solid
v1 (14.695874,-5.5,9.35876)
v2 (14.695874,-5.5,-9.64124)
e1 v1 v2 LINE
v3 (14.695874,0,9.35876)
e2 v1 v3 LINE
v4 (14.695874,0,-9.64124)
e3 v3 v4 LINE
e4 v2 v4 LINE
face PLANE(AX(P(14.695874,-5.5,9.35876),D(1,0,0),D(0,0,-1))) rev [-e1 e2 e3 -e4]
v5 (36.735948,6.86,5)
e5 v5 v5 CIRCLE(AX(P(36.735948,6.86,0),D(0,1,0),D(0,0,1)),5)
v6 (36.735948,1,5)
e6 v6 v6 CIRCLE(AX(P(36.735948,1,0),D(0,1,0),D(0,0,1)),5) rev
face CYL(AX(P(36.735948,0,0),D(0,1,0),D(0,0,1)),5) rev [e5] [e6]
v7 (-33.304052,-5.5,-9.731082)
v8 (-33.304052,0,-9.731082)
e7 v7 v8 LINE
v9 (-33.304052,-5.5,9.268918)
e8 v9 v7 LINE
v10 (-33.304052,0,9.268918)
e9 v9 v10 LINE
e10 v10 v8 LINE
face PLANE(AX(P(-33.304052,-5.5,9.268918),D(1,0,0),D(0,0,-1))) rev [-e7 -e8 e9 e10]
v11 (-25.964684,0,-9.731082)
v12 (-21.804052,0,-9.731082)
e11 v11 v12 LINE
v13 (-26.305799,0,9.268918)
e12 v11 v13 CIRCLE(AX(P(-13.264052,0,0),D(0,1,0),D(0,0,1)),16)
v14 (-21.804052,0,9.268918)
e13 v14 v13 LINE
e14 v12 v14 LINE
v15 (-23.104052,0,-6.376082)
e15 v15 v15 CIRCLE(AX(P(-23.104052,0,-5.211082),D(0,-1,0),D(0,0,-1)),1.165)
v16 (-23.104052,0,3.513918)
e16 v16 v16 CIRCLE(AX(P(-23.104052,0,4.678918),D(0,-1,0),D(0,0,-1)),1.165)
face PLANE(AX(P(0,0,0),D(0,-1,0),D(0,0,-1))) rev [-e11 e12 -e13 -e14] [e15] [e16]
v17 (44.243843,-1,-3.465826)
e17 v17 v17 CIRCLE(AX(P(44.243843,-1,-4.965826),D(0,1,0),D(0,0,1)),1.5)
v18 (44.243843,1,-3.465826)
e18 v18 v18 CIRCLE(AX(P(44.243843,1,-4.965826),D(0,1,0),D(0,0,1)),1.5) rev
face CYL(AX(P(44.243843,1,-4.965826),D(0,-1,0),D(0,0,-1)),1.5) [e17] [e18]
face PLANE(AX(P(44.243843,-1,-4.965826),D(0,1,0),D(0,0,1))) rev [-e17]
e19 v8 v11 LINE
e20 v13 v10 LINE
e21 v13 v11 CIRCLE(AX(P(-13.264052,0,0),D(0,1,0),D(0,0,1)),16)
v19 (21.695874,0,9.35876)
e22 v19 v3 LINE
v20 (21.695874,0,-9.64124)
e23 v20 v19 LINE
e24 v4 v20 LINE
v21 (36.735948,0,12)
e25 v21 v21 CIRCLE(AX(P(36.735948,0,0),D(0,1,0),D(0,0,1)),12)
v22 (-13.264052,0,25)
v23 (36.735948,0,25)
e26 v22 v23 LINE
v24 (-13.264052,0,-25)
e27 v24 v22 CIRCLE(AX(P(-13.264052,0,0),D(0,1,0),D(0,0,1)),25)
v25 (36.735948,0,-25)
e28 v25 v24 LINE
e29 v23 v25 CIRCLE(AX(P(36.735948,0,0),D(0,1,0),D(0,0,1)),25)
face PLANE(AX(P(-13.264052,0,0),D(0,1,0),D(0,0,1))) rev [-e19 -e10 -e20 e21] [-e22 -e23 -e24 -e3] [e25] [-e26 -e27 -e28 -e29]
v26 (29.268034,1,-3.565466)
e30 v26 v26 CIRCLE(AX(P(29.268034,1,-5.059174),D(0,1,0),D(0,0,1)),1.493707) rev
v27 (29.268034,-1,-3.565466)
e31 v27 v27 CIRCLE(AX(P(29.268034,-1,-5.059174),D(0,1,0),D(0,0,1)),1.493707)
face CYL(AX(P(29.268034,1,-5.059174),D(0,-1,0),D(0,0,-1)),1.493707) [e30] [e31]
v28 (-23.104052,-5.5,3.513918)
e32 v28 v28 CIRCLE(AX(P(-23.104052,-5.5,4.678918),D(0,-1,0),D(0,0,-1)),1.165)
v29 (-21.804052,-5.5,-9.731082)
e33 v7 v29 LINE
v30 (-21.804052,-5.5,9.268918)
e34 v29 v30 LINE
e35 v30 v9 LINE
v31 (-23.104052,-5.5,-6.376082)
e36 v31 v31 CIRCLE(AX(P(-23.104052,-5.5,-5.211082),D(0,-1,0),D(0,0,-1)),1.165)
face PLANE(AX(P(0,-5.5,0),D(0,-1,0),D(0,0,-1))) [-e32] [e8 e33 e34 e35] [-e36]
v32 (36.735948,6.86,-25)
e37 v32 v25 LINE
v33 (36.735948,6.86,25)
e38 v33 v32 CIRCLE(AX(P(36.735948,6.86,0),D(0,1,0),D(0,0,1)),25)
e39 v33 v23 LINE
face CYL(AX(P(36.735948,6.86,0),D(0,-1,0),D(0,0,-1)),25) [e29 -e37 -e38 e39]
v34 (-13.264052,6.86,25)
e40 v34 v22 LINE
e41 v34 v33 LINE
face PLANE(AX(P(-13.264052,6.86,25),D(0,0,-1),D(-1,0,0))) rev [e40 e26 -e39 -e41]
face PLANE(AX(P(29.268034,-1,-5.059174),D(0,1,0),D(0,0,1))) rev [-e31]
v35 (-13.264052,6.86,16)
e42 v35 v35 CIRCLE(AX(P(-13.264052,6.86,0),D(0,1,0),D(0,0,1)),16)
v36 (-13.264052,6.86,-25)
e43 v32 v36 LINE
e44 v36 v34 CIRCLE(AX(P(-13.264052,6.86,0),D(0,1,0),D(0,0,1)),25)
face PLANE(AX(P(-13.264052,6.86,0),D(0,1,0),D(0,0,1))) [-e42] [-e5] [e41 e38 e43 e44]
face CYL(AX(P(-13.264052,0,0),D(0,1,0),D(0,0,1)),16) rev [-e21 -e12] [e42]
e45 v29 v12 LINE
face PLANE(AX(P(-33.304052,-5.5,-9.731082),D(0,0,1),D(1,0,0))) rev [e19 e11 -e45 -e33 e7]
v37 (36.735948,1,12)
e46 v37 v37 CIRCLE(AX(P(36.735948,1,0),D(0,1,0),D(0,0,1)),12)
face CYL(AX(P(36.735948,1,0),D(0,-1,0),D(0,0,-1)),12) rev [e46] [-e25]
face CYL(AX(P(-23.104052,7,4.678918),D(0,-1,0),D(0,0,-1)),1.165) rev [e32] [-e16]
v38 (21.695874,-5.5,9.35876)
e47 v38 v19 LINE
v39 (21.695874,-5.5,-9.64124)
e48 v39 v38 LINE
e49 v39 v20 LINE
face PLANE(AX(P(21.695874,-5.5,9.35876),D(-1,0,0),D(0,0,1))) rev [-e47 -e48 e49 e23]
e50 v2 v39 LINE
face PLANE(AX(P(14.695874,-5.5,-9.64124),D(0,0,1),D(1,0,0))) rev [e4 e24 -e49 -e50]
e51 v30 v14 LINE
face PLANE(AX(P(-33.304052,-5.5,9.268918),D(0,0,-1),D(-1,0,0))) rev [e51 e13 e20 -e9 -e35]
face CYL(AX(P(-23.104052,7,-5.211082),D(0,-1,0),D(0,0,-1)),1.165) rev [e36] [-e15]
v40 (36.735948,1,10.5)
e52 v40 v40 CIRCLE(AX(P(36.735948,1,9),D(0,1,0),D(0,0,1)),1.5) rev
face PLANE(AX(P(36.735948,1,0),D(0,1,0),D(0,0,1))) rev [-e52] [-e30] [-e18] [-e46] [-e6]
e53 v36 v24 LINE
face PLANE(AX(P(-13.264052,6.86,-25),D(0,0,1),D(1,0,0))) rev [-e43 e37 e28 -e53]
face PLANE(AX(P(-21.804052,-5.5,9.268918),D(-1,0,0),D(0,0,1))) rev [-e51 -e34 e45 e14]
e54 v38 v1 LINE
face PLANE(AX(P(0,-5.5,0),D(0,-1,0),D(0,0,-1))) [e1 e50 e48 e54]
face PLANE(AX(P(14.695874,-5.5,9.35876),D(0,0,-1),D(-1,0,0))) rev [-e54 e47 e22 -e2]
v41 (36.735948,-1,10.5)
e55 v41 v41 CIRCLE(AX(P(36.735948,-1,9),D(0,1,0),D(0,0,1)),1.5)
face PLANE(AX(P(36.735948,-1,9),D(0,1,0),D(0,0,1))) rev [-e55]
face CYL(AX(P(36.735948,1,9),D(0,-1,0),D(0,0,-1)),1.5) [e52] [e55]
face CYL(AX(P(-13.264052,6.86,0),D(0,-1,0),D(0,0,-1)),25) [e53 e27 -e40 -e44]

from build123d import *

# Parameters (mm, degrees)
BOSS_EXTRUDE1_DEPTH      = 6.86
SKETCH2_R                = 5
SKETCH2_R_2              = 16
CUT_EXTRUDE1_DEPTH       = 6.86
SKETCH3_W                = 11.5
SKETCH3_H                = 19
SKETCH3_W_2              = 7
BOSS_EXTRUDE2_DEPTH      = 5.5
SKETCH4_R                = 1.165
CUT_EXTRUDE2_DEPTH       = 12.5
SKETCH6_R                = 12
CUT_EXTRUDE3_DEPTH       = 1
SKETCH7_R                = 1.5
SKETCH7_R_2              = 1.493707415
BOSS_EXTRUDE5_DEPTH      = 1
BOSS_EXTRUDE5_DEPTH_BACK = 1


with BuildPart() as part:
    # Sketch1 → Boss-Extrude1 (new body)
    with BuildSketch(Plane(origin=(0, 0, 0), x_dir=(1, 0, 0), z_dir=(0, 1, 0))):
        with BuildLine():
            Line((-13.264052164, 25), (36.735947836, 25))
            ThreePointArc((36.735947836, 25), (61.735947836, 0), (36.735947836, -25))
            Line((36.735947836, -25), (-13.264052164, -25))
            ThreePointArc((-13.264052164, -25), (-38.264052164, 0), (-13.264052164, 25))
        make_face()
    extrude(amount=BOSS_EXTRUDE1_DEPTH)

    # Sketch2 → Cut-Extrude1 (cut)
    with BuildSketch(Plane(origin=(0, 6.86, 0), x_dir=(1, 0, 0), z_dir=(0, 1, 0))):
        with Locations((36.735947836, 0)):
            Circle(SKETCH2_R)
        with Locations((-13.264052164, 0)):
            Circle(SKETCH2_R_2)
    extrude(amount=-CUT_EXTRUDE1_DEPTH, mode=Mode.SUBTRACT)

    # Sketch3 → Boss-Extrude2 (add)
    with BuildSketch(Plane.XZ):
        with Locations((-27.554052164, -0.231081814)):
            Rectangle(SKETCH3_W, SKETCH3_H)
        with Locations((18.195874459, -0.141240273)):
            Rectangle(SKETCH3_W_2, SKETCH3_H)
    extrude(amount=BOSS_EXTRUDE2_DEPTH)

    # Sketch4 → Cut-Extrude2 (cut)
    with BuildSketch(Plane.XZ.offset(5.5)):
        with Locations((-23.104052164, 4.678918186)):
            Circle(SKETCH4_R)
        with Locations((-23.104052164, -5.211081814)):
            Circle(SKETCH4_R)
    extrude(amount=-CUT_EXTRUDE2_DEPTH, mode=Mode.SUBTRACT)

    # Sketch6 → Cut-Extrude3 (cut)
    with BuildSketch(Plane(origin=(0, 0, 0), x_dir=(1, 0, 0), z_dir=(0, 1, 0))):
        with Locations((36.735947836, 0)):
            Circle(SKETCH6_R)
    extrude(amount=CUT_EXTRUDE3_DEPTH, mode=Mode.SUBTRACT)

    # Sketch7 → Boss-Extrude5 (add, two sides)
    with BuildSketch(Plane(origin=(0, 0, 0), x_dir=(1, 0, 0), z_dir=(0, 1, 0))) as boss_extrude5_sk:
        with Locations((36.735947836, -9)):
            Circle(SKETCH7_R)
        with Locations((29.268034032, 5.059173887)):
            Circle(SKETCH7_R_2)
        with Locations((44.243842587, 4.965825904)):
            Circle(SKETCH7_R)
    extrude(amount=BOSS_EXTRUDE5_DEPTH)
    extrude(boss_extrude5_sk.sketch, amount=-BOSS_EXTRUDE5_DEPTH_BACK)


solid = part.part
